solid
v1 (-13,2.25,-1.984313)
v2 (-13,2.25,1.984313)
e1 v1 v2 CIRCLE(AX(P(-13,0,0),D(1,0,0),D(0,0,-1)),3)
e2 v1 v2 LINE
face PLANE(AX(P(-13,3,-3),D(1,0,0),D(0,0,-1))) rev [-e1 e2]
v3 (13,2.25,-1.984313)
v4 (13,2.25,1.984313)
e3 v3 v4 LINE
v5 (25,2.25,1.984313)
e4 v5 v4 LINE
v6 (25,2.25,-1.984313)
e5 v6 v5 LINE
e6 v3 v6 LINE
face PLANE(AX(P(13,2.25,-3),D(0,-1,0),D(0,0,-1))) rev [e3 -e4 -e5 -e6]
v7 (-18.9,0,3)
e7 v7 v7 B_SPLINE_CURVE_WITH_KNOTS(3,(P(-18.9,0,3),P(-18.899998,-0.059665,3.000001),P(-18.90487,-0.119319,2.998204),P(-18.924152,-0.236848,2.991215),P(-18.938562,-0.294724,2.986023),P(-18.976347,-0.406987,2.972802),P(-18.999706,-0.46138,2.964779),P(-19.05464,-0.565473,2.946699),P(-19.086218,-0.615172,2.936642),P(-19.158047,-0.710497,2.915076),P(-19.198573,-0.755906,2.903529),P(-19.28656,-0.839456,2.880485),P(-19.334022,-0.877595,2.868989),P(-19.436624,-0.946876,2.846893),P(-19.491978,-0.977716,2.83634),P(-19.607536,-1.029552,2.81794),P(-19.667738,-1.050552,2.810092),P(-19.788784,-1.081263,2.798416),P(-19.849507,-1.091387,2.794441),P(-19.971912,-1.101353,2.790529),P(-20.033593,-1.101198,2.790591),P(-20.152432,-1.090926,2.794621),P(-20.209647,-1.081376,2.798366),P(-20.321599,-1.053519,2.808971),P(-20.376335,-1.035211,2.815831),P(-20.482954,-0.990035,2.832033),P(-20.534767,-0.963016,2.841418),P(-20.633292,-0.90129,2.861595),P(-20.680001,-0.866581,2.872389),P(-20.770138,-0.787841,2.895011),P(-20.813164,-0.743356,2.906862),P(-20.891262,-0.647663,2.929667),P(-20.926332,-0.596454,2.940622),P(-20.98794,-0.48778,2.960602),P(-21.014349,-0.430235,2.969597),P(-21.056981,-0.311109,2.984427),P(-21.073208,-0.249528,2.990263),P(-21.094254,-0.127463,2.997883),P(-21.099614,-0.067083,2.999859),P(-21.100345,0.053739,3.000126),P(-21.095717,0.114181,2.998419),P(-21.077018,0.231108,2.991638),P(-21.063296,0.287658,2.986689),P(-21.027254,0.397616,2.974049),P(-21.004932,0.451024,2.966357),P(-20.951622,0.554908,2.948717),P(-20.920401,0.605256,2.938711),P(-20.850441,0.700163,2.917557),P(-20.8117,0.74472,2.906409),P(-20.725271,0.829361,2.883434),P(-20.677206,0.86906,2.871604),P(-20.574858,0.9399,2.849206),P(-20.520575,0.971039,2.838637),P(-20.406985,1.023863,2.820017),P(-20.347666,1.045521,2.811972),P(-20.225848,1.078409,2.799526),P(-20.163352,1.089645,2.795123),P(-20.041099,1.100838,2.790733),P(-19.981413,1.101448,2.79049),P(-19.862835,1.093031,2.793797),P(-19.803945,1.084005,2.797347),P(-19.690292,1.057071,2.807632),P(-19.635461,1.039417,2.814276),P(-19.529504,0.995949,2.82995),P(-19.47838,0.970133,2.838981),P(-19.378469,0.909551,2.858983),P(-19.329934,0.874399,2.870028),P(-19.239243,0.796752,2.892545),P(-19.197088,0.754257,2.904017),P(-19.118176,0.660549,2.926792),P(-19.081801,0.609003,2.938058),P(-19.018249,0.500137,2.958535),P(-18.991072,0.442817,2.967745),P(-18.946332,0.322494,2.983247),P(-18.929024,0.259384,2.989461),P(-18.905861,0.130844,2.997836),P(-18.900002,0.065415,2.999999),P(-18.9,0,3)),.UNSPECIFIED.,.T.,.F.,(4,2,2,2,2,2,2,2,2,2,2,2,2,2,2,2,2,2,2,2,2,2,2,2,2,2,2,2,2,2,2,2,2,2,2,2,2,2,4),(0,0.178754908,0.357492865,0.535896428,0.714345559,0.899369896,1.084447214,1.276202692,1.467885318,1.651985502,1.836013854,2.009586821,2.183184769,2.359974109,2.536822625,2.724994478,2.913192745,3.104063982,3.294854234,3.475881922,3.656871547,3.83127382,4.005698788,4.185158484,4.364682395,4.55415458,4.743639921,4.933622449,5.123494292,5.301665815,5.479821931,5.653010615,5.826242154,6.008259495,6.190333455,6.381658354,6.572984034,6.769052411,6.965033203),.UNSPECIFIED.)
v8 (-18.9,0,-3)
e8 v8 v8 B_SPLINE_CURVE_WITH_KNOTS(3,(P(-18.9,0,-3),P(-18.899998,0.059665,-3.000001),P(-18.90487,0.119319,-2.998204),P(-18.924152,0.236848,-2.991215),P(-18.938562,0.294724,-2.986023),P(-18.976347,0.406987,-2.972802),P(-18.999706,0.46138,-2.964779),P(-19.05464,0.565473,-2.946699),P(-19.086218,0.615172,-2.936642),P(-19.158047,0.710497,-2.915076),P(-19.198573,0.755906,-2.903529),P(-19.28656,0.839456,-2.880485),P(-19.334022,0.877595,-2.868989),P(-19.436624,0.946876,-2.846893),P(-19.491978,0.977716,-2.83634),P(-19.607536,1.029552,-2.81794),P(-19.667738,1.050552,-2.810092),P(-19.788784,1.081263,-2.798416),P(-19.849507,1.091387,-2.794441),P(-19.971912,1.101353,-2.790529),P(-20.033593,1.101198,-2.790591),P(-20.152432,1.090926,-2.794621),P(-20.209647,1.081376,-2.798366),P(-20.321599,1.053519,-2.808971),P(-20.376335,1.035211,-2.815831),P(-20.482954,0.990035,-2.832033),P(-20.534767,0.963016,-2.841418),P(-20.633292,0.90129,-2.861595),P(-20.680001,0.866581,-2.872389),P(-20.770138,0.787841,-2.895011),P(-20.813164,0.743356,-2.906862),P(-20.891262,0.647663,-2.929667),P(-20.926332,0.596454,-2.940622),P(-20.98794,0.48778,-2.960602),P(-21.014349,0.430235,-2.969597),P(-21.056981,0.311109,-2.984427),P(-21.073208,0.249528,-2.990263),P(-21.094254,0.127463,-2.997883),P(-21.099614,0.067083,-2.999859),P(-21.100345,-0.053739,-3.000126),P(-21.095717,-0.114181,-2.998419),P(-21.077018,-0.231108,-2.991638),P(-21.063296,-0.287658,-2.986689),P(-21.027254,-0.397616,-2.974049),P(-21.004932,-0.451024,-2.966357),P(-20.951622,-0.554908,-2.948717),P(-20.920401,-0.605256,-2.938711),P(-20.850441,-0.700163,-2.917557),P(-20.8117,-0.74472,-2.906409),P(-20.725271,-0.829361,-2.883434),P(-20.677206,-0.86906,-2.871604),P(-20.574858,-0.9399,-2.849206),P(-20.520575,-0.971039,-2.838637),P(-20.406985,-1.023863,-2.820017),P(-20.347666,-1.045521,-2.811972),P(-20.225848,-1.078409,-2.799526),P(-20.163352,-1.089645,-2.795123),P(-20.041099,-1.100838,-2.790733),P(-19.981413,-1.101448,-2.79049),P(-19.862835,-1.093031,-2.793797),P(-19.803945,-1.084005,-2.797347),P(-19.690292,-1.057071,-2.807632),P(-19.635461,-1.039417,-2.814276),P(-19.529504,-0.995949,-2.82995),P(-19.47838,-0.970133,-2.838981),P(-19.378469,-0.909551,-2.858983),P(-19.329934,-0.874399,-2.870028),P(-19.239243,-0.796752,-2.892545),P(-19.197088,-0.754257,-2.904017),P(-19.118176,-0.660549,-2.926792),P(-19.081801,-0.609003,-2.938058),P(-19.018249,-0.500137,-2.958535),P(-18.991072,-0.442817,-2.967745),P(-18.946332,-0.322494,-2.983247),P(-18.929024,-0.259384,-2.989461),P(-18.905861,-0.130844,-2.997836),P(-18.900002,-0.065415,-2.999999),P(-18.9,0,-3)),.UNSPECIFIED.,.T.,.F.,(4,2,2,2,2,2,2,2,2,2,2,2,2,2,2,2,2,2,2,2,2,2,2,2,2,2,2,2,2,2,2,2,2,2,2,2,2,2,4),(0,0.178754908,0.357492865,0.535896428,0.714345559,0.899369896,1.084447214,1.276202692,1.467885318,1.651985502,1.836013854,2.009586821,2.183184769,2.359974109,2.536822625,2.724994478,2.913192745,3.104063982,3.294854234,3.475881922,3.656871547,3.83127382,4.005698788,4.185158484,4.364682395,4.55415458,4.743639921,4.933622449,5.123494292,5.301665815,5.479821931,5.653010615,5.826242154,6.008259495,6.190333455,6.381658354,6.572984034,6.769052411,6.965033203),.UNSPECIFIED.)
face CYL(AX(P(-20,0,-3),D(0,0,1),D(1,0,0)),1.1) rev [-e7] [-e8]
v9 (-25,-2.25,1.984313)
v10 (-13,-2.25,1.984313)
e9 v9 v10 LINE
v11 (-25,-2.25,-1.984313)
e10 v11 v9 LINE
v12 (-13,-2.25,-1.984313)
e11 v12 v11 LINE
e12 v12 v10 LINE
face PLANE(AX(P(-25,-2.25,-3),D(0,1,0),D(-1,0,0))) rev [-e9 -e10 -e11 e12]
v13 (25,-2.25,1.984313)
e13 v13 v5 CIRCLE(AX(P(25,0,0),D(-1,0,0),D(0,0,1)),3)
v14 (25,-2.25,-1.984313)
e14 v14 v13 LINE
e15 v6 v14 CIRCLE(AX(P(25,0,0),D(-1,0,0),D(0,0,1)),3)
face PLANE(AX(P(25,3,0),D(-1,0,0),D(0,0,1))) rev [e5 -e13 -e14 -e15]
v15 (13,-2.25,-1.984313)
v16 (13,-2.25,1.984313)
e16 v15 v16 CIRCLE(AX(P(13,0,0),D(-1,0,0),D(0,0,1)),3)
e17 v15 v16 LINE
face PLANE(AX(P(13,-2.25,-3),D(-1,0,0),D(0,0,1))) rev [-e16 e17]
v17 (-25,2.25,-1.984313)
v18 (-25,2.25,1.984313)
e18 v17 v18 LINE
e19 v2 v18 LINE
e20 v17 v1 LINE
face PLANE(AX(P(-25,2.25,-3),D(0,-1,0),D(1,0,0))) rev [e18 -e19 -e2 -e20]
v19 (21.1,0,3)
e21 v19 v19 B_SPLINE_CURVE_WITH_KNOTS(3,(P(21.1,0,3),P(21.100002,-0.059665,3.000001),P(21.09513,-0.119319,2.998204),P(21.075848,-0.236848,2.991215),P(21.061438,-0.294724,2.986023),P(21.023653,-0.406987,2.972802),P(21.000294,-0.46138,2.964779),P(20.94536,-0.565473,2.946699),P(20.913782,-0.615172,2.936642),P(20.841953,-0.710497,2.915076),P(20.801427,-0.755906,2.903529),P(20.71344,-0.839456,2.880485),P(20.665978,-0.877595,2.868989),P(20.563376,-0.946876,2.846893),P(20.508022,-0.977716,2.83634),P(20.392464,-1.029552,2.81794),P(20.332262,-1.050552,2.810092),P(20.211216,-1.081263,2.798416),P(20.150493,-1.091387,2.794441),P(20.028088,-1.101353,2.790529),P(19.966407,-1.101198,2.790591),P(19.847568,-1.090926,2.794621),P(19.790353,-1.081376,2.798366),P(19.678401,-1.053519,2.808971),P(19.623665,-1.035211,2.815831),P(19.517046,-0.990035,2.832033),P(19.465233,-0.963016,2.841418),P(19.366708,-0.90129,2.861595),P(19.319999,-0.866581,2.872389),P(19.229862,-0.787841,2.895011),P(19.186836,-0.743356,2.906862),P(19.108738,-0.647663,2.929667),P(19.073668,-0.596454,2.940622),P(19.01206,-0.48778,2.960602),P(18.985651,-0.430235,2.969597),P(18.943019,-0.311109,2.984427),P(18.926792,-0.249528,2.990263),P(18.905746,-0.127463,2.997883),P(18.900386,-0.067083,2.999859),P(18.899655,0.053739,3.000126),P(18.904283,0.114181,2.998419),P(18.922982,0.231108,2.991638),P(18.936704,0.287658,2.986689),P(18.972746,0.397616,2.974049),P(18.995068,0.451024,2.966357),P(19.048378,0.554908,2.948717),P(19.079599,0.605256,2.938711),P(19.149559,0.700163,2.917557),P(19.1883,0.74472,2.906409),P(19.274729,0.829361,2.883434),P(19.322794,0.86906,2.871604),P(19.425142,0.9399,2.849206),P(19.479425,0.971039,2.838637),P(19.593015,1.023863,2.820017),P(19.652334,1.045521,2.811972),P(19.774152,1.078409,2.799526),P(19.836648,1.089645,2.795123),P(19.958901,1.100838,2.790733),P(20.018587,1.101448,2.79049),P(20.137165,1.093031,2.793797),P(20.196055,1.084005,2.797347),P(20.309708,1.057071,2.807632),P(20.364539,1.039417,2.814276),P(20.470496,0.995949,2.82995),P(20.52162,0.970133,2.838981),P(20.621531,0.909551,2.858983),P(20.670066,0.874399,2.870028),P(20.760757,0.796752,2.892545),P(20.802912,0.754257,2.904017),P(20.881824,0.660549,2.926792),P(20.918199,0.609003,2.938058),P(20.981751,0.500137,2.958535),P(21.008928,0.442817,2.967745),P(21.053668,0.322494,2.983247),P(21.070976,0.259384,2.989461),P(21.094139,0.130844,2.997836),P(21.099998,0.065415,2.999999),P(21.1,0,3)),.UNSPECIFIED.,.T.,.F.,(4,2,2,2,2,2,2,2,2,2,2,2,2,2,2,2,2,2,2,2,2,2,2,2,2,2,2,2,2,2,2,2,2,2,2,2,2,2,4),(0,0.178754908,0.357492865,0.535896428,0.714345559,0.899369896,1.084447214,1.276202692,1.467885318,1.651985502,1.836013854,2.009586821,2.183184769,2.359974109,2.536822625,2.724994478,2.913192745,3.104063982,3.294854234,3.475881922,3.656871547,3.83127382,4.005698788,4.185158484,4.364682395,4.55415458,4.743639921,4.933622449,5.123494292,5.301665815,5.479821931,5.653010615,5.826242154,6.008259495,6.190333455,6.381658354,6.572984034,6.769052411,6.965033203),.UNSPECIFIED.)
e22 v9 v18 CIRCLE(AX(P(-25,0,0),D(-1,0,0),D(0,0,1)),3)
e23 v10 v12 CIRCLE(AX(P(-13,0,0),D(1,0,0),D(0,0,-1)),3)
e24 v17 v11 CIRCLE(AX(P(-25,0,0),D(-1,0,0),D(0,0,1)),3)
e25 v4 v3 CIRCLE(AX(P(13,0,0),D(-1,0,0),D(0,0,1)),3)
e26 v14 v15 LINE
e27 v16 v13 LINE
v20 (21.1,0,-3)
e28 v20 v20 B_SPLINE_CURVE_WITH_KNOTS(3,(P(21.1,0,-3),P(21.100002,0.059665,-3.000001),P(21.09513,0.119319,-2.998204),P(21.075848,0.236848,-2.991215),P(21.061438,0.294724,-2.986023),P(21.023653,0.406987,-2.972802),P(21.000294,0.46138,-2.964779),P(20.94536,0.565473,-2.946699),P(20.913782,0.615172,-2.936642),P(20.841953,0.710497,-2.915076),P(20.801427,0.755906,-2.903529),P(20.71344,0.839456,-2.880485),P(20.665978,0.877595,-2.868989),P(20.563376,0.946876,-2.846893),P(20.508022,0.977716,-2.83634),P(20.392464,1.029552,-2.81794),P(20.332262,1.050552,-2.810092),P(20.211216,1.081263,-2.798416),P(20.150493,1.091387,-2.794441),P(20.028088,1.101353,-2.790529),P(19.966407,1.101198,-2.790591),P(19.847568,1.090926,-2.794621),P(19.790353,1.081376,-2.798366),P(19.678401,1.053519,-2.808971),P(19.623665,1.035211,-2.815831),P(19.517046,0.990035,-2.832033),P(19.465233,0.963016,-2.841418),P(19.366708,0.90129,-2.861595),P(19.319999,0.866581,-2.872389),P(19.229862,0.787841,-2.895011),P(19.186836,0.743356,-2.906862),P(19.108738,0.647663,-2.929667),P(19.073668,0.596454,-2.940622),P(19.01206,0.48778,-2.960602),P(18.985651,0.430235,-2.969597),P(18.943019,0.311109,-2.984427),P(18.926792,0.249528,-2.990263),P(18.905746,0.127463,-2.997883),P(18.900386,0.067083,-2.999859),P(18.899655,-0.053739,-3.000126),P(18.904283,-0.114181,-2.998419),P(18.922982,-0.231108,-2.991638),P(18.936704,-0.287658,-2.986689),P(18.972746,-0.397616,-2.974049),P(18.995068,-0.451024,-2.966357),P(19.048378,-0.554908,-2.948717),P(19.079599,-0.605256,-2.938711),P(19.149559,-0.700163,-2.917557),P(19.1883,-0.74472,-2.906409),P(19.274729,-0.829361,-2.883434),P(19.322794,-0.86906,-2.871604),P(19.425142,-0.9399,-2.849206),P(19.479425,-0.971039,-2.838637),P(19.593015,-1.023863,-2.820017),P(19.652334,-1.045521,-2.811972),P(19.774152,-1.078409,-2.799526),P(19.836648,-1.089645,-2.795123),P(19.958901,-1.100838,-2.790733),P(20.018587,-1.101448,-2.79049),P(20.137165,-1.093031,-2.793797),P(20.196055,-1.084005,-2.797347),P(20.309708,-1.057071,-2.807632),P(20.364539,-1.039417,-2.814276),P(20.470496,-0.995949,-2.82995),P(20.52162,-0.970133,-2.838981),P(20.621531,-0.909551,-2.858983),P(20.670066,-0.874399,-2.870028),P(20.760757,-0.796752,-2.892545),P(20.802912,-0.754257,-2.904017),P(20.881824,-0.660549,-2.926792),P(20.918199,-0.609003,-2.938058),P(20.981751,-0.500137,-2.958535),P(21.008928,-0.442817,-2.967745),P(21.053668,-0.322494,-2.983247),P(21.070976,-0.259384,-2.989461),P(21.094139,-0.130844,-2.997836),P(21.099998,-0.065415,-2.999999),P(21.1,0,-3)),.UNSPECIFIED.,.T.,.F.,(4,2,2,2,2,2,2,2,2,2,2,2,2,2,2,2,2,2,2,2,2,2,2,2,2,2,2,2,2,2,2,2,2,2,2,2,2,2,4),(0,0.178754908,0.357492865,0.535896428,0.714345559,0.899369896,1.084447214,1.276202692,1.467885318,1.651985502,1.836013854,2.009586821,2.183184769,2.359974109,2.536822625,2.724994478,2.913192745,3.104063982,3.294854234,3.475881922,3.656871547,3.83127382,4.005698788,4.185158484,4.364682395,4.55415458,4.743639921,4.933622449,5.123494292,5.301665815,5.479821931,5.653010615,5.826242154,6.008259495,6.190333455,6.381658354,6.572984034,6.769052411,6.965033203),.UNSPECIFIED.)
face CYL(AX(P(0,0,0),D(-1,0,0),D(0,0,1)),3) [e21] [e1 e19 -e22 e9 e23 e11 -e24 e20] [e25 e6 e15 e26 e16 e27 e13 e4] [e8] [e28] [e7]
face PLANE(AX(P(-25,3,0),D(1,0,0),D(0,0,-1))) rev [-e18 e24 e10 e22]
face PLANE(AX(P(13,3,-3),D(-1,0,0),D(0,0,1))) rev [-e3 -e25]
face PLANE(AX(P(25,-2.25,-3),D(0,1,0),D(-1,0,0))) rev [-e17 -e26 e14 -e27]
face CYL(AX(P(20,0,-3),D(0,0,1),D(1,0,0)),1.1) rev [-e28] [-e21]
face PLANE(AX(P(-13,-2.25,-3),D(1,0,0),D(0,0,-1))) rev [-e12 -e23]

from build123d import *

# Parameters (mm, degrees)
SKETCH1_W               = 50
SKETCH1_H               = 3
SKETCH2_W               = 12
SKETCH2_H               = 0.75
CUT_EXTRUDE1_DEPTH      = 4
CUT_EXTRUDE1_DEPTH_BACK = 4
SKETCH3_R               = 1.1
CUT_EXTRUDE2_DEPTH      = 4
CUT_EXTRUDE2_DEPTH_BACK = 4


with BuildPart() as part:
    # Sketch1 → Revolve1 (revolve)
    with BuildSketch(Plane.XY):
        with Locations((0, 1.5)):
            Rectangle(SKETCH1_W, SKETCH1_H)
    revolve(axis=Axis((0, 0, 0), (1, 0, 0)))

    # Sketch2 → Cut-Extrude1 (cut, two sides)
    with BuildSketch(Plane.XY) as cut_extrude1_sk:
        with Locations((-19, 2.625)):
            Rectangle(SKETCH2_W, SKETCH2_H)
        with Locations((-19, -2.625)):
            Rectangle(SKETCH2_W, SKETCH2_H)
        with Locations((19, 2.625)):
            Rectangle(SKETCH2_W, SKETCH2_H)
        with Locations((19, -2.625)):
            Rectangle(SKETCH2_W, SKETCH2_H)
    extrude(amount=CUT_EXTRUDE1_DEPTH, mode=Mode.SUBTRACT)
    extrude(cut_extrude1_sk.sketch, amount=-CUT_EXTRUDE1_DEPTH_BACK, mode=Mode.SUBTRACT)

    # Sketch3 → Cut-Extrude2 (cut, two sides)
    with BuildSketch(Plane.XY) as cut_extrude2_sk:
        with Locations((-20, 0)):
            Circle(SKETCH3_R)
        with Locations((20, 0)):
            Circle(SKETCH3_R)
    extrude(amount=CUT_EXTRUDE2_DEPTH, mode=Mode.SUBTRACT)
    extrude(cut_extrude2_sk.sketch, amount=-CUT_EXTRUDE2_DEPTH_BACK, mode=Mode.SUBTRACT)


solid = part.part
